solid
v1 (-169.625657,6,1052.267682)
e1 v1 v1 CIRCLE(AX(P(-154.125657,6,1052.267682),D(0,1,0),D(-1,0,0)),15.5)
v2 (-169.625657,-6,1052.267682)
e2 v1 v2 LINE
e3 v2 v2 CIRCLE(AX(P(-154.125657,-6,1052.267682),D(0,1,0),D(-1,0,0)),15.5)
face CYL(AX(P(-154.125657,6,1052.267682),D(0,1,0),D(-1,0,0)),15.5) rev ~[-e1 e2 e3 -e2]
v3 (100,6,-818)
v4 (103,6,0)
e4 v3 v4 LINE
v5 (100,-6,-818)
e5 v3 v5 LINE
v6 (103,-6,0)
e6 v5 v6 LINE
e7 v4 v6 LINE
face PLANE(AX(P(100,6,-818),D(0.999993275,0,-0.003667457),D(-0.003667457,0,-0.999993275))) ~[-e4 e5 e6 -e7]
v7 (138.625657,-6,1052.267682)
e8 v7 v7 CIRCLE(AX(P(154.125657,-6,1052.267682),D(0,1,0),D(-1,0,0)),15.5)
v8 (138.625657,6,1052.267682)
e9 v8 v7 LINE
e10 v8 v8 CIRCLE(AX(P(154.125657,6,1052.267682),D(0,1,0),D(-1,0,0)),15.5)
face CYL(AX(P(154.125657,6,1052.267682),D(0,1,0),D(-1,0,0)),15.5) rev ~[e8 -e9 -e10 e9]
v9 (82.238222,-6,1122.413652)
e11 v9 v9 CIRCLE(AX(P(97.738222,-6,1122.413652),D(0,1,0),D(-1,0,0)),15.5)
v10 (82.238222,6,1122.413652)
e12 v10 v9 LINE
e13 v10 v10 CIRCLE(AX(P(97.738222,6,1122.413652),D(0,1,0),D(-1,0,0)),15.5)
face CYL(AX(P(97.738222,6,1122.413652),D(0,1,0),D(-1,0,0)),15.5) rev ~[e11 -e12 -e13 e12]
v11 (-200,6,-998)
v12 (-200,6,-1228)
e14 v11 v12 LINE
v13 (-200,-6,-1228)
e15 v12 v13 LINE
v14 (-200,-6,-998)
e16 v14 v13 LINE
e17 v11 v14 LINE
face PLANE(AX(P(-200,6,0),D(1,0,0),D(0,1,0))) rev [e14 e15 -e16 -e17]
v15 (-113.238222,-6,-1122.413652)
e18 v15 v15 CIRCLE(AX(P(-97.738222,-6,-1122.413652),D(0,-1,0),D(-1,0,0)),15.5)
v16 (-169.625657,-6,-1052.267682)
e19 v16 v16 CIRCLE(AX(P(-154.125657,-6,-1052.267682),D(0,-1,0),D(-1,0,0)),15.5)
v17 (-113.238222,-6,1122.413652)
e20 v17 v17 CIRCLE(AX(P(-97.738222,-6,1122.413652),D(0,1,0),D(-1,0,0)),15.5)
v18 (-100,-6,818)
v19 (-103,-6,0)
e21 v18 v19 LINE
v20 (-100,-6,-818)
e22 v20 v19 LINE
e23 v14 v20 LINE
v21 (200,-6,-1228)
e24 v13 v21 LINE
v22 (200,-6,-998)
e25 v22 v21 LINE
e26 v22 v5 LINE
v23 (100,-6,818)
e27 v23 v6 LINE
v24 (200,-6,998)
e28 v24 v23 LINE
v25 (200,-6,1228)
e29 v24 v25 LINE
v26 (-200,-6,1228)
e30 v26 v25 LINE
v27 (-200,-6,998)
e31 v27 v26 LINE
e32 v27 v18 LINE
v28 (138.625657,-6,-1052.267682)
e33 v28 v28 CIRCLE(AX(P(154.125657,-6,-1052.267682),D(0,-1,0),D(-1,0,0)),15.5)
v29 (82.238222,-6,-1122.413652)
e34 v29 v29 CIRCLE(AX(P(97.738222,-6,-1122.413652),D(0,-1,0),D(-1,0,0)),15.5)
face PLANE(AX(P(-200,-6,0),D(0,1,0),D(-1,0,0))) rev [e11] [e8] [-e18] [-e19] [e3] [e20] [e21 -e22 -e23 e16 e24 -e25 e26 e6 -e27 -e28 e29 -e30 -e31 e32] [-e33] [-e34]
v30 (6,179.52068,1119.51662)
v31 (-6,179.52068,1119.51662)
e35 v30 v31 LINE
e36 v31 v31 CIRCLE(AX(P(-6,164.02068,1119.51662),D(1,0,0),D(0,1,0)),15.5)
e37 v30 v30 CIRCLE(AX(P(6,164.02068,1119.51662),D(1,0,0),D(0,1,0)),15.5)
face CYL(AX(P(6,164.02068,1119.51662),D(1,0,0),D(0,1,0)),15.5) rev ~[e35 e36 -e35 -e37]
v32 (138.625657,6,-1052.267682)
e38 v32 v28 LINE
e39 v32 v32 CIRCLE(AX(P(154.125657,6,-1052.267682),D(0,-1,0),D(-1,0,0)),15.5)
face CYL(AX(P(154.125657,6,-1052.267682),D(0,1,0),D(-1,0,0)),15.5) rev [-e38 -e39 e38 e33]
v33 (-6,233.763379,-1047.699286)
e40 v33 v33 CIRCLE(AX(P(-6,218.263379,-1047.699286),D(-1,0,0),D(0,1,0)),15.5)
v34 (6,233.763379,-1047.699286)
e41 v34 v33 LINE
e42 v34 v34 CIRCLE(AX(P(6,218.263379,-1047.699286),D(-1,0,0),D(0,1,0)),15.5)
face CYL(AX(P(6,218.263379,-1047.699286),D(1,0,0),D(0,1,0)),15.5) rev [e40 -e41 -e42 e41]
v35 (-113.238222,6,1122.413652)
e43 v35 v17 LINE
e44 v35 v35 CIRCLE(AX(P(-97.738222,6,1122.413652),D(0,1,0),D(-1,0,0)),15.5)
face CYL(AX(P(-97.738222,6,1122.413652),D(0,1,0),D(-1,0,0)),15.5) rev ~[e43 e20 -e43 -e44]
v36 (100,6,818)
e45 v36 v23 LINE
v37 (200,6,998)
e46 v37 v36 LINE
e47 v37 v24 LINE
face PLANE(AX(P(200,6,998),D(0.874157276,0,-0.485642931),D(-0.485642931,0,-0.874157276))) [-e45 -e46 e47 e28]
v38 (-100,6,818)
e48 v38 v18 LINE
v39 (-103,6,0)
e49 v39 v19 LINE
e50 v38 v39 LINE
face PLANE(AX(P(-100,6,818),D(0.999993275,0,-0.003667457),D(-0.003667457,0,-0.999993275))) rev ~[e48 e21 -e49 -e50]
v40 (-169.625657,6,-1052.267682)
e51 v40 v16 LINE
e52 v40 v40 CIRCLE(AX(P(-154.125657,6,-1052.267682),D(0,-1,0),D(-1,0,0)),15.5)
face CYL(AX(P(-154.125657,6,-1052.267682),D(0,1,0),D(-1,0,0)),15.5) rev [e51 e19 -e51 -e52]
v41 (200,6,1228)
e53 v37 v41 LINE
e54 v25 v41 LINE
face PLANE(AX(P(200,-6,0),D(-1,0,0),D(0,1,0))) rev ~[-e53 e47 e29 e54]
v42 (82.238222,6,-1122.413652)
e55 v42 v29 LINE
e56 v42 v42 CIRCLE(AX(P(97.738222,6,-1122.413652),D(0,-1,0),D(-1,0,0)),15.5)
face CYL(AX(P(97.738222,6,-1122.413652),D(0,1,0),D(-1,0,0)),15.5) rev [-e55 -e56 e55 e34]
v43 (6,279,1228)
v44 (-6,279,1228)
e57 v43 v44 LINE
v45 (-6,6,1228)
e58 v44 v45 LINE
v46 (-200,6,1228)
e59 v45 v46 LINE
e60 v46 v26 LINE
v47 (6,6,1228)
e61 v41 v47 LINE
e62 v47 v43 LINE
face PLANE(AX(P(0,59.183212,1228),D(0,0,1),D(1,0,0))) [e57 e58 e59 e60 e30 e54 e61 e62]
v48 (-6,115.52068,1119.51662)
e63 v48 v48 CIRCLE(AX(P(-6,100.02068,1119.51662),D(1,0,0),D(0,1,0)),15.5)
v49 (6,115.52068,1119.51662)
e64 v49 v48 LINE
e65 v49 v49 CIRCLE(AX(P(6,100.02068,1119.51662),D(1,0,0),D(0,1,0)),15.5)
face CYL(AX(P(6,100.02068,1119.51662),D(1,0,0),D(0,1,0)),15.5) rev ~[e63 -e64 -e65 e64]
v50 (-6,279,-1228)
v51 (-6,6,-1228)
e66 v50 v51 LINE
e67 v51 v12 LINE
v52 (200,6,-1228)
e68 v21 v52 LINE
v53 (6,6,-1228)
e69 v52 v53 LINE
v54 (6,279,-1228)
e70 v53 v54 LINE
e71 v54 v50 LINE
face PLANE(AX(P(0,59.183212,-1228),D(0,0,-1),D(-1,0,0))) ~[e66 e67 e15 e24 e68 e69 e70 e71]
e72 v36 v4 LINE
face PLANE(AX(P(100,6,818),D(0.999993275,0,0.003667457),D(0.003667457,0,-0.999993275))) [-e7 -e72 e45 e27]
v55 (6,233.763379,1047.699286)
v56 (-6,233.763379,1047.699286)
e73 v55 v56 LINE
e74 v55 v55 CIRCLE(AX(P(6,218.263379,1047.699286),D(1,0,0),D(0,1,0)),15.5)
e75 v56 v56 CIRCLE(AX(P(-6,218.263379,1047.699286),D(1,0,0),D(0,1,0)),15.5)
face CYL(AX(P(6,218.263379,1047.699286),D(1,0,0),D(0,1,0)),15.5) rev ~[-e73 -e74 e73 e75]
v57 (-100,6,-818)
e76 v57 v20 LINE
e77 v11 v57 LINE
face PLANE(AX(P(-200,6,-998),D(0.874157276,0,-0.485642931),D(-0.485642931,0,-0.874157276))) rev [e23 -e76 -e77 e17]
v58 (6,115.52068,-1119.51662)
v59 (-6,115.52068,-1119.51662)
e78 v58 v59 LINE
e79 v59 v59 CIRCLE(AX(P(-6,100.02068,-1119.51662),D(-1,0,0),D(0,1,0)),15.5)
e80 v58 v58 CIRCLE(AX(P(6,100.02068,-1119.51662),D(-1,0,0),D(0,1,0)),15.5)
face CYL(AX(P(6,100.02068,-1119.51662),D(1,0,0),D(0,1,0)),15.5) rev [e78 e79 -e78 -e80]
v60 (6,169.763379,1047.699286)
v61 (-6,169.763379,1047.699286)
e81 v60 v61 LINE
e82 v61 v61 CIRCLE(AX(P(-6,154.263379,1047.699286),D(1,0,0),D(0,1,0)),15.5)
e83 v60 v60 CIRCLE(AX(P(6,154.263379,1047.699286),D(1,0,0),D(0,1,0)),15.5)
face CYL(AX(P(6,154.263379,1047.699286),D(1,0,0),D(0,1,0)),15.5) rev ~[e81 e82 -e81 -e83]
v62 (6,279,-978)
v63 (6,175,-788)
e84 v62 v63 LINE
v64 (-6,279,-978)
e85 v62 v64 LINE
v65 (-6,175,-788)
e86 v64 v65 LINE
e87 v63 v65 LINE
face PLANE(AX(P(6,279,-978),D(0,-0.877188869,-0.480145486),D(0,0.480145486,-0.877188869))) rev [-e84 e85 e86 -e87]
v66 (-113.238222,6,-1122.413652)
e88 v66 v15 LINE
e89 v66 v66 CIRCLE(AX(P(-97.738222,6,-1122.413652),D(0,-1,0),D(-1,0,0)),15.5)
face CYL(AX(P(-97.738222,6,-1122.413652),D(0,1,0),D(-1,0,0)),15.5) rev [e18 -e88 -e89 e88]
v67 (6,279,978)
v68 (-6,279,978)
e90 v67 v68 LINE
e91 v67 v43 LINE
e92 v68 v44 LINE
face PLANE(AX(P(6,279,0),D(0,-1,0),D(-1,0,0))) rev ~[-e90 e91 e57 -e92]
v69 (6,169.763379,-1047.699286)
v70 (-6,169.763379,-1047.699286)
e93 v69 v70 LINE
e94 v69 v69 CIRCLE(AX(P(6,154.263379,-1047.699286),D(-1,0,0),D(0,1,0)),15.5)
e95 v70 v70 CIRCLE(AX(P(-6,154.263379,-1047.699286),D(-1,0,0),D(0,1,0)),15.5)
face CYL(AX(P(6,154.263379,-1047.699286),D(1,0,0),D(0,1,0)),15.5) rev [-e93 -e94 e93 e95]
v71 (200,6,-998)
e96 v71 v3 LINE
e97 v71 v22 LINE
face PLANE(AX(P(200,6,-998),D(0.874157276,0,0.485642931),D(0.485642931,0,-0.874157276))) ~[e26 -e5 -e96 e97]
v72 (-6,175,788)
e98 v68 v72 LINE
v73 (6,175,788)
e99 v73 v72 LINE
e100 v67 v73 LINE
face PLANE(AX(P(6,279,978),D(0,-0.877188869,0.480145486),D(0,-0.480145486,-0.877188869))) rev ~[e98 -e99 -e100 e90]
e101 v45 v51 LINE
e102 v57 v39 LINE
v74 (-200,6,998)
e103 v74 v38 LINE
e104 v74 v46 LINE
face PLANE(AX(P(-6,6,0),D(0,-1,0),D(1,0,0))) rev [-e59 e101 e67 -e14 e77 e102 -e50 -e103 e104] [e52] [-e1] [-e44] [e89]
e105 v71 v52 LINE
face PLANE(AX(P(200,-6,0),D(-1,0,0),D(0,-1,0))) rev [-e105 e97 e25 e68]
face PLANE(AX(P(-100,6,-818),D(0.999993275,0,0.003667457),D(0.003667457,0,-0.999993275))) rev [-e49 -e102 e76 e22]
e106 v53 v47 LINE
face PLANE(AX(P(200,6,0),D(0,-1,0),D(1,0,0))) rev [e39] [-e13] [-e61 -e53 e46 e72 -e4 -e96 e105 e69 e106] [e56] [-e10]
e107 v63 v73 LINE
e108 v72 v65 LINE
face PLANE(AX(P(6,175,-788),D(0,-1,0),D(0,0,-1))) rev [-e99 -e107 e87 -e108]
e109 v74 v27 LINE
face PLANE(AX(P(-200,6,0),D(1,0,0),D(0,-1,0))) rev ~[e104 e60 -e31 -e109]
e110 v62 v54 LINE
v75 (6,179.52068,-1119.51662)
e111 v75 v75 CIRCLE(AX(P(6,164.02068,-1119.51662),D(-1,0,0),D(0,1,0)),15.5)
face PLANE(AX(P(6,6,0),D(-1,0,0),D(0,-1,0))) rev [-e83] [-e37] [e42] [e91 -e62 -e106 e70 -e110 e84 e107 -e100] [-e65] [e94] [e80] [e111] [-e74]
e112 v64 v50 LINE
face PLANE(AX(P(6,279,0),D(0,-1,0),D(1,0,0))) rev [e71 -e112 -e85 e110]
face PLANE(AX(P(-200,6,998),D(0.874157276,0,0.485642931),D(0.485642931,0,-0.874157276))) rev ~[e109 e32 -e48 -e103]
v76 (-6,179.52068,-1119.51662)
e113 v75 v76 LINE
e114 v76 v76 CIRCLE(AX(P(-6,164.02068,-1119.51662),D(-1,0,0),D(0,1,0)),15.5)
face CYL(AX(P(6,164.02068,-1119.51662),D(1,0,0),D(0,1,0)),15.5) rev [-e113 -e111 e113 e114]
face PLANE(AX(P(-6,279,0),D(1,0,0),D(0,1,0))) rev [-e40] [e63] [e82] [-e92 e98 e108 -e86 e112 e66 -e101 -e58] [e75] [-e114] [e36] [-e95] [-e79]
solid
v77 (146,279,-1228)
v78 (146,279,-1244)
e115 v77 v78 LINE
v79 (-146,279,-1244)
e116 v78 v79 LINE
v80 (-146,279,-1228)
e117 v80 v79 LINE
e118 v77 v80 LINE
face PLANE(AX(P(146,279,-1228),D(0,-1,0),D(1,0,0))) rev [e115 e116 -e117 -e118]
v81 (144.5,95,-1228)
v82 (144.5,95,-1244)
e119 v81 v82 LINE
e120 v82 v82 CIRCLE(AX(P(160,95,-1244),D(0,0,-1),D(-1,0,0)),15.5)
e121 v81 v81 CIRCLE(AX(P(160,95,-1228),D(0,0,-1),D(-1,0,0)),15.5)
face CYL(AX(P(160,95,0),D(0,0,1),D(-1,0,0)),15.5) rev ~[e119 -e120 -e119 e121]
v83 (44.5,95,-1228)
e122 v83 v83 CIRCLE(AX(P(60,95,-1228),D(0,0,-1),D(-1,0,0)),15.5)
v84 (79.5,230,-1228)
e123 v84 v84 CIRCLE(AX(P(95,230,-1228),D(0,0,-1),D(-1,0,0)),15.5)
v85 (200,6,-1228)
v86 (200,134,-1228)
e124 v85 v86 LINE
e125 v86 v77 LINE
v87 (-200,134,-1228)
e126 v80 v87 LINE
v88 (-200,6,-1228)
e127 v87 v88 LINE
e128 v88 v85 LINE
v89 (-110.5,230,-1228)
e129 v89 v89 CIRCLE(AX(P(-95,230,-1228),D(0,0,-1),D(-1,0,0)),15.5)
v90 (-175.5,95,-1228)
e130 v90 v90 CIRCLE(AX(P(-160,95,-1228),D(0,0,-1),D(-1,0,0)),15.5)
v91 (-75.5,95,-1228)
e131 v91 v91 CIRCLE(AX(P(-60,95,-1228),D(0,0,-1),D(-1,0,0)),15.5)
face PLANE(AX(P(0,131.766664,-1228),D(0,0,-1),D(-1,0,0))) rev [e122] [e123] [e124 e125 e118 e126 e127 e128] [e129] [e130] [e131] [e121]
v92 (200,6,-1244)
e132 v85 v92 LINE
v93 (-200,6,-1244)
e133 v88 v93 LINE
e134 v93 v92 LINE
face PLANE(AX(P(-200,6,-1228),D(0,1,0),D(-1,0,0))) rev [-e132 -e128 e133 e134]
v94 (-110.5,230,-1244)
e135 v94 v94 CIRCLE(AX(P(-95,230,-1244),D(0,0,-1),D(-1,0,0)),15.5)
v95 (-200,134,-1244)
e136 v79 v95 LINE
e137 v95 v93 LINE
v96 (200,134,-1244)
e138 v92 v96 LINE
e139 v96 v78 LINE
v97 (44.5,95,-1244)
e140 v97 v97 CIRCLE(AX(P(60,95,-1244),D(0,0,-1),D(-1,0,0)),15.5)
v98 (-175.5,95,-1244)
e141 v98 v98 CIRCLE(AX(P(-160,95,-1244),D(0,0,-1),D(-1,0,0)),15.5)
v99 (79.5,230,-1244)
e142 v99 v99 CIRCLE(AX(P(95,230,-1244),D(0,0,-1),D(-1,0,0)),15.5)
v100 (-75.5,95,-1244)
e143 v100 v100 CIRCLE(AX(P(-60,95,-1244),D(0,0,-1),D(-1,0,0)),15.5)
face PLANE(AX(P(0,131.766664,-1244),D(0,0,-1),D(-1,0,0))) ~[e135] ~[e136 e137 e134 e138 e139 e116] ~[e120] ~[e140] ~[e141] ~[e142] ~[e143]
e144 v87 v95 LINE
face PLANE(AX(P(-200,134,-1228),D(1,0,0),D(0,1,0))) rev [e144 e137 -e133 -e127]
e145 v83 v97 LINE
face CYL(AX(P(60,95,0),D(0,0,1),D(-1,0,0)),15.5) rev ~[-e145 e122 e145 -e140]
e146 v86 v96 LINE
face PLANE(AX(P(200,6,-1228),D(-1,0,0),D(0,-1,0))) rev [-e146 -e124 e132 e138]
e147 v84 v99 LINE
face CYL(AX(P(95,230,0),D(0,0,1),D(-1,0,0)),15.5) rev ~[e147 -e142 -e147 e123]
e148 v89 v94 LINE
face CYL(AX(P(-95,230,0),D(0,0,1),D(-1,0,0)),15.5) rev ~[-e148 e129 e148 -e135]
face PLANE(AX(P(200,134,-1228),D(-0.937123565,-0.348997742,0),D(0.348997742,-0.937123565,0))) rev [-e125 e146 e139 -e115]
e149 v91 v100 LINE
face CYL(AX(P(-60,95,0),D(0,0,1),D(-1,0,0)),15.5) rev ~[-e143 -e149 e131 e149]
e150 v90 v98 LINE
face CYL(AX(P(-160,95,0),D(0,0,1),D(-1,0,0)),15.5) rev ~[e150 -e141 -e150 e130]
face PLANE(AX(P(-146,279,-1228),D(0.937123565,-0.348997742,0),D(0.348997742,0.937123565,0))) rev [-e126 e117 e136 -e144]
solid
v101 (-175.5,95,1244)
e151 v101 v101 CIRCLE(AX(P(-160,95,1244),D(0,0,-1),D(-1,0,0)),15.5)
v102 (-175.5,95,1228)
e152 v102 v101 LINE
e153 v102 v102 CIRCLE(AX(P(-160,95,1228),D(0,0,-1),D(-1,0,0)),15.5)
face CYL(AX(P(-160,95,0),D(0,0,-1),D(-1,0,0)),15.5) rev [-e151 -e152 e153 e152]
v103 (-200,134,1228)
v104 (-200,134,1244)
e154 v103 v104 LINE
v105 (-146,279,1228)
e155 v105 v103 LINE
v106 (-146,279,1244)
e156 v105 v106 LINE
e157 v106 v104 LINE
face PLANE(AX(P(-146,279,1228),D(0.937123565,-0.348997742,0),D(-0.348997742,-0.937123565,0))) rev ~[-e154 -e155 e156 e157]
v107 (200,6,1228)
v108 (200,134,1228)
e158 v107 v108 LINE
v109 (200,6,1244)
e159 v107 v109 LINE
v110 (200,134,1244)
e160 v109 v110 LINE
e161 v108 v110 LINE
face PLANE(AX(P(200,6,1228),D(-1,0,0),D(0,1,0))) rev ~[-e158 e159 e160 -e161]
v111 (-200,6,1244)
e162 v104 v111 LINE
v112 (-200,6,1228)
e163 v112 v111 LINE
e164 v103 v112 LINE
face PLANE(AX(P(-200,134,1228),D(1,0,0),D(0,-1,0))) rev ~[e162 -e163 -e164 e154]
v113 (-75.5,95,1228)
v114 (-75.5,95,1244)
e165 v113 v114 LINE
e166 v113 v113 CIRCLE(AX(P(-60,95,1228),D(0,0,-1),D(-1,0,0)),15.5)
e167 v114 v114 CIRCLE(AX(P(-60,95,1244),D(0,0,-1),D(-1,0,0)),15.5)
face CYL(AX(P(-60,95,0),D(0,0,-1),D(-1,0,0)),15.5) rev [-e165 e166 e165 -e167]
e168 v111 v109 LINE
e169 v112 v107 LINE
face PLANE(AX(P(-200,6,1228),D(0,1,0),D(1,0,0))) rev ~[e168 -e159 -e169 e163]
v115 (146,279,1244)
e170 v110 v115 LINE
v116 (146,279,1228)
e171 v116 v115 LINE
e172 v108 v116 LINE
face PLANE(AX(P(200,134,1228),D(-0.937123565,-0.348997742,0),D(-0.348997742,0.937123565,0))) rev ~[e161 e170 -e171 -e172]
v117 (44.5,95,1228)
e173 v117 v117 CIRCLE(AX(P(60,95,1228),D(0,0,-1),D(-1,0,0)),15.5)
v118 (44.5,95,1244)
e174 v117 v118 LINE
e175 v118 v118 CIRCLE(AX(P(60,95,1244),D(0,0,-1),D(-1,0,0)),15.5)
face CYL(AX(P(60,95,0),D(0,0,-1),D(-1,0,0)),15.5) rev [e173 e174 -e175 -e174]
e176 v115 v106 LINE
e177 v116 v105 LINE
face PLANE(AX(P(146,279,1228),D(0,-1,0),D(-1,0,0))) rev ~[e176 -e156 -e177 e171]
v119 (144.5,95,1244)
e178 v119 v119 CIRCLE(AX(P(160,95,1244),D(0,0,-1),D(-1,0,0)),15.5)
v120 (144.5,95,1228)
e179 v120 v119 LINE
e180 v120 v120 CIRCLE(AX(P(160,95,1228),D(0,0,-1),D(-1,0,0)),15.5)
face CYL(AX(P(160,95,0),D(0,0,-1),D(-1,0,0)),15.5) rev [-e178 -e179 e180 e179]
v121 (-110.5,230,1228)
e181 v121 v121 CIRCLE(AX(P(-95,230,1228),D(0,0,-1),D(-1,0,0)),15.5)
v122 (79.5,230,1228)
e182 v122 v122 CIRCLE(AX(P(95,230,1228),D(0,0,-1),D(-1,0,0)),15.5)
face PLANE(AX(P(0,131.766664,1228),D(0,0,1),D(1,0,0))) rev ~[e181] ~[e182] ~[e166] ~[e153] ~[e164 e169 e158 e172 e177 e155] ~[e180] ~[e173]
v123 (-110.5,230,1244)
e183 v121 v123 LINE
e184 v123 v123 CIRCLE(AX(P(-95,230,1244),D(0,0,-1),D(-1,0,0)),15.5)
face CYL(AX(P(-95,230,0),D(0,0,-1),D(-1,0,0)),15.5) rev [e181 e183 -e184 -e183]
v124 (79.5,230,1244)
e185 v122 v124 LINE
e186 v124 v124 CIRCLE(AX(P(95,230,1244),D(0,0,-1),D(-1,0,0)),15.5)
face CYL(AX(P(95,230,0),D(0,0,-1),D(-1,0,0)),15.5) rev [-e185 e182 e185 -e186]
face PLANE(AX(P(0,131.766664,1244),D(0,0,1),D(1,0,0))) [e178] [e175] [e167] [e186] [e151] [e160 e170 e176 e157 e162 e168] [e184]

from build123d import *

# Parameters (mm, degrees)
EXTRUDE_1_DEPTH     = 1228
EXTRUDE_2_DEPTH     = 16
SKETCH_5_R          = 15.5
CUT_EXTRUDE_3_DEPTH = 1290.210999022
SKETCH_6_R          = 15.5
CUT_EXTRUDE_4_DEPTH = 1292.438345412
SKETCH_7_R          = 15.5
CUT_EXTRUDE_6_DEPTH = 1291.494866321


with BuildPart() as part:
    # 草图2 → 拉伸1 (new body)
    with BuildSketch(Plane.XY):
        Polygon((-200, -6), (200, -6), (200, 6), (6, 6), (6, 279), (-6, 279), (-6, 6), (-200, 6), align=None)
    extrude(amount=EXTRUDE_1_DEPTH)

    # 草图5 → 拉伸3 (cut, through all)
    with BuildSketch(Plane(origin=(0, 6, 0), x_dir=(-1, 0, 0), z_dir=(0, 1, 0))):
        with Locations((-97.738221798, 1122.413652083)):
            Circle(SKETCH_5_R)
        with Locations((-154.125657451, 1052.267682131)):
            Circle(SKETCH_5_R)
        with Locations((154.125657451, 1052.267682131)):
            Circle(SKETCH_5_R)
        with Locations((97.738221798, 1122.413652083)):
            Circle(SKETCH_5_R)
        Polygon((-200, 0), (-200, 998), (-100, 818), (-103, 0), align=None)
        Polygon((200, 998), (100, 818), (103, 0), (200, 0), align=None)
    extrude(amount=-CUT_EXTRUDE_3_DEPTH, mode=Mode.SUBTRACT)

    # 草图6 → 拉伸4 (cut, through all)
    with BuildSketch(Plane(origin=(6, 0, 0), x_dir=(0, 0, -1), z_dir=(1, 0, 0))):
        with Locations(Location((-1119.516620303, 164.02067953, 0), (0, 0, 90))):
            Circle(SKETCH_6_R)
        with Locations(Location((-1047.699285862, 218.263379258, 0), (0, 0, 90))):
            Circle(SKETCH_6_R)
        with Locations(Location((-1119.516620303, 100.02067953, 0), (0, 0, 90))):
            Circle(SKETCH_6_R)
        with Locations(Location((-1047.699285862, 154.263379258, 0), (0, 0, 90))):
            Circle(SKETCH_6_R)
        Polygon((-978, 279), (-788, 175), (0, 175), (0, 279), align=None)
    extrude(amount=-CUT_EXTRUDE_4_DEPTH, mode=Mode.SUBTRACT)

    # 镜向1: part across plane


with BuildPart() as body_2:
    # 草图4 → 拉伸2 (new body)
    with BuildSketch(Plane.XY.offset(1228)):
        Polygon((-200, 6), (-6, 6), (6, 6), (200, 6), (200, 134), (146, 279), (6, 279), (-6, 279), (-146, 279), (-200, 134), align=None)
    extrude(amount=EXTRUDE_2_DEPTH)

    # 草图7 → 拉伸6 (cut, through all)
    with BuildSketch(Plane.XY):
        with Locations(Location((-95, 230, 0), (0, 0, 180))):
            Circle(SKETCH_7_R)
        with Locations(Location((-60, 95, 0), (0, 0, 180))):
            Circle(SKETCH_7_R)
        with Locations(Location((-160, 95, 0), (0, 0, 180))):
            Circle(SKETCH_7_R)
        with Locations(Location((60, 95, 0), (0, 0, 180))):
            Circle(SKETCH_7_R)
        with Locations(Location((160, 95, 0), (0, 0, 180))):
            Circle(SKETCH_7_R)
        with Locations(Location((95, 230, 0), (0, 0, 180))):
            Circle(SKETCH_7_R)
    extrude(amount=CUT_EXTRUDE_6_DEPTH, mode=Mode.SUBTRACT)


with BuildPart() as part_1:
    add(part.part)
    add(part.part.mirror(Plane.XY))


with BuildPart() as body_3:
    # 镜向2: mirrored copy
    add(body_2.part.mirror(Plane.XY))


solid = Compound([body_2.part, part_1.part, body_3.part])
